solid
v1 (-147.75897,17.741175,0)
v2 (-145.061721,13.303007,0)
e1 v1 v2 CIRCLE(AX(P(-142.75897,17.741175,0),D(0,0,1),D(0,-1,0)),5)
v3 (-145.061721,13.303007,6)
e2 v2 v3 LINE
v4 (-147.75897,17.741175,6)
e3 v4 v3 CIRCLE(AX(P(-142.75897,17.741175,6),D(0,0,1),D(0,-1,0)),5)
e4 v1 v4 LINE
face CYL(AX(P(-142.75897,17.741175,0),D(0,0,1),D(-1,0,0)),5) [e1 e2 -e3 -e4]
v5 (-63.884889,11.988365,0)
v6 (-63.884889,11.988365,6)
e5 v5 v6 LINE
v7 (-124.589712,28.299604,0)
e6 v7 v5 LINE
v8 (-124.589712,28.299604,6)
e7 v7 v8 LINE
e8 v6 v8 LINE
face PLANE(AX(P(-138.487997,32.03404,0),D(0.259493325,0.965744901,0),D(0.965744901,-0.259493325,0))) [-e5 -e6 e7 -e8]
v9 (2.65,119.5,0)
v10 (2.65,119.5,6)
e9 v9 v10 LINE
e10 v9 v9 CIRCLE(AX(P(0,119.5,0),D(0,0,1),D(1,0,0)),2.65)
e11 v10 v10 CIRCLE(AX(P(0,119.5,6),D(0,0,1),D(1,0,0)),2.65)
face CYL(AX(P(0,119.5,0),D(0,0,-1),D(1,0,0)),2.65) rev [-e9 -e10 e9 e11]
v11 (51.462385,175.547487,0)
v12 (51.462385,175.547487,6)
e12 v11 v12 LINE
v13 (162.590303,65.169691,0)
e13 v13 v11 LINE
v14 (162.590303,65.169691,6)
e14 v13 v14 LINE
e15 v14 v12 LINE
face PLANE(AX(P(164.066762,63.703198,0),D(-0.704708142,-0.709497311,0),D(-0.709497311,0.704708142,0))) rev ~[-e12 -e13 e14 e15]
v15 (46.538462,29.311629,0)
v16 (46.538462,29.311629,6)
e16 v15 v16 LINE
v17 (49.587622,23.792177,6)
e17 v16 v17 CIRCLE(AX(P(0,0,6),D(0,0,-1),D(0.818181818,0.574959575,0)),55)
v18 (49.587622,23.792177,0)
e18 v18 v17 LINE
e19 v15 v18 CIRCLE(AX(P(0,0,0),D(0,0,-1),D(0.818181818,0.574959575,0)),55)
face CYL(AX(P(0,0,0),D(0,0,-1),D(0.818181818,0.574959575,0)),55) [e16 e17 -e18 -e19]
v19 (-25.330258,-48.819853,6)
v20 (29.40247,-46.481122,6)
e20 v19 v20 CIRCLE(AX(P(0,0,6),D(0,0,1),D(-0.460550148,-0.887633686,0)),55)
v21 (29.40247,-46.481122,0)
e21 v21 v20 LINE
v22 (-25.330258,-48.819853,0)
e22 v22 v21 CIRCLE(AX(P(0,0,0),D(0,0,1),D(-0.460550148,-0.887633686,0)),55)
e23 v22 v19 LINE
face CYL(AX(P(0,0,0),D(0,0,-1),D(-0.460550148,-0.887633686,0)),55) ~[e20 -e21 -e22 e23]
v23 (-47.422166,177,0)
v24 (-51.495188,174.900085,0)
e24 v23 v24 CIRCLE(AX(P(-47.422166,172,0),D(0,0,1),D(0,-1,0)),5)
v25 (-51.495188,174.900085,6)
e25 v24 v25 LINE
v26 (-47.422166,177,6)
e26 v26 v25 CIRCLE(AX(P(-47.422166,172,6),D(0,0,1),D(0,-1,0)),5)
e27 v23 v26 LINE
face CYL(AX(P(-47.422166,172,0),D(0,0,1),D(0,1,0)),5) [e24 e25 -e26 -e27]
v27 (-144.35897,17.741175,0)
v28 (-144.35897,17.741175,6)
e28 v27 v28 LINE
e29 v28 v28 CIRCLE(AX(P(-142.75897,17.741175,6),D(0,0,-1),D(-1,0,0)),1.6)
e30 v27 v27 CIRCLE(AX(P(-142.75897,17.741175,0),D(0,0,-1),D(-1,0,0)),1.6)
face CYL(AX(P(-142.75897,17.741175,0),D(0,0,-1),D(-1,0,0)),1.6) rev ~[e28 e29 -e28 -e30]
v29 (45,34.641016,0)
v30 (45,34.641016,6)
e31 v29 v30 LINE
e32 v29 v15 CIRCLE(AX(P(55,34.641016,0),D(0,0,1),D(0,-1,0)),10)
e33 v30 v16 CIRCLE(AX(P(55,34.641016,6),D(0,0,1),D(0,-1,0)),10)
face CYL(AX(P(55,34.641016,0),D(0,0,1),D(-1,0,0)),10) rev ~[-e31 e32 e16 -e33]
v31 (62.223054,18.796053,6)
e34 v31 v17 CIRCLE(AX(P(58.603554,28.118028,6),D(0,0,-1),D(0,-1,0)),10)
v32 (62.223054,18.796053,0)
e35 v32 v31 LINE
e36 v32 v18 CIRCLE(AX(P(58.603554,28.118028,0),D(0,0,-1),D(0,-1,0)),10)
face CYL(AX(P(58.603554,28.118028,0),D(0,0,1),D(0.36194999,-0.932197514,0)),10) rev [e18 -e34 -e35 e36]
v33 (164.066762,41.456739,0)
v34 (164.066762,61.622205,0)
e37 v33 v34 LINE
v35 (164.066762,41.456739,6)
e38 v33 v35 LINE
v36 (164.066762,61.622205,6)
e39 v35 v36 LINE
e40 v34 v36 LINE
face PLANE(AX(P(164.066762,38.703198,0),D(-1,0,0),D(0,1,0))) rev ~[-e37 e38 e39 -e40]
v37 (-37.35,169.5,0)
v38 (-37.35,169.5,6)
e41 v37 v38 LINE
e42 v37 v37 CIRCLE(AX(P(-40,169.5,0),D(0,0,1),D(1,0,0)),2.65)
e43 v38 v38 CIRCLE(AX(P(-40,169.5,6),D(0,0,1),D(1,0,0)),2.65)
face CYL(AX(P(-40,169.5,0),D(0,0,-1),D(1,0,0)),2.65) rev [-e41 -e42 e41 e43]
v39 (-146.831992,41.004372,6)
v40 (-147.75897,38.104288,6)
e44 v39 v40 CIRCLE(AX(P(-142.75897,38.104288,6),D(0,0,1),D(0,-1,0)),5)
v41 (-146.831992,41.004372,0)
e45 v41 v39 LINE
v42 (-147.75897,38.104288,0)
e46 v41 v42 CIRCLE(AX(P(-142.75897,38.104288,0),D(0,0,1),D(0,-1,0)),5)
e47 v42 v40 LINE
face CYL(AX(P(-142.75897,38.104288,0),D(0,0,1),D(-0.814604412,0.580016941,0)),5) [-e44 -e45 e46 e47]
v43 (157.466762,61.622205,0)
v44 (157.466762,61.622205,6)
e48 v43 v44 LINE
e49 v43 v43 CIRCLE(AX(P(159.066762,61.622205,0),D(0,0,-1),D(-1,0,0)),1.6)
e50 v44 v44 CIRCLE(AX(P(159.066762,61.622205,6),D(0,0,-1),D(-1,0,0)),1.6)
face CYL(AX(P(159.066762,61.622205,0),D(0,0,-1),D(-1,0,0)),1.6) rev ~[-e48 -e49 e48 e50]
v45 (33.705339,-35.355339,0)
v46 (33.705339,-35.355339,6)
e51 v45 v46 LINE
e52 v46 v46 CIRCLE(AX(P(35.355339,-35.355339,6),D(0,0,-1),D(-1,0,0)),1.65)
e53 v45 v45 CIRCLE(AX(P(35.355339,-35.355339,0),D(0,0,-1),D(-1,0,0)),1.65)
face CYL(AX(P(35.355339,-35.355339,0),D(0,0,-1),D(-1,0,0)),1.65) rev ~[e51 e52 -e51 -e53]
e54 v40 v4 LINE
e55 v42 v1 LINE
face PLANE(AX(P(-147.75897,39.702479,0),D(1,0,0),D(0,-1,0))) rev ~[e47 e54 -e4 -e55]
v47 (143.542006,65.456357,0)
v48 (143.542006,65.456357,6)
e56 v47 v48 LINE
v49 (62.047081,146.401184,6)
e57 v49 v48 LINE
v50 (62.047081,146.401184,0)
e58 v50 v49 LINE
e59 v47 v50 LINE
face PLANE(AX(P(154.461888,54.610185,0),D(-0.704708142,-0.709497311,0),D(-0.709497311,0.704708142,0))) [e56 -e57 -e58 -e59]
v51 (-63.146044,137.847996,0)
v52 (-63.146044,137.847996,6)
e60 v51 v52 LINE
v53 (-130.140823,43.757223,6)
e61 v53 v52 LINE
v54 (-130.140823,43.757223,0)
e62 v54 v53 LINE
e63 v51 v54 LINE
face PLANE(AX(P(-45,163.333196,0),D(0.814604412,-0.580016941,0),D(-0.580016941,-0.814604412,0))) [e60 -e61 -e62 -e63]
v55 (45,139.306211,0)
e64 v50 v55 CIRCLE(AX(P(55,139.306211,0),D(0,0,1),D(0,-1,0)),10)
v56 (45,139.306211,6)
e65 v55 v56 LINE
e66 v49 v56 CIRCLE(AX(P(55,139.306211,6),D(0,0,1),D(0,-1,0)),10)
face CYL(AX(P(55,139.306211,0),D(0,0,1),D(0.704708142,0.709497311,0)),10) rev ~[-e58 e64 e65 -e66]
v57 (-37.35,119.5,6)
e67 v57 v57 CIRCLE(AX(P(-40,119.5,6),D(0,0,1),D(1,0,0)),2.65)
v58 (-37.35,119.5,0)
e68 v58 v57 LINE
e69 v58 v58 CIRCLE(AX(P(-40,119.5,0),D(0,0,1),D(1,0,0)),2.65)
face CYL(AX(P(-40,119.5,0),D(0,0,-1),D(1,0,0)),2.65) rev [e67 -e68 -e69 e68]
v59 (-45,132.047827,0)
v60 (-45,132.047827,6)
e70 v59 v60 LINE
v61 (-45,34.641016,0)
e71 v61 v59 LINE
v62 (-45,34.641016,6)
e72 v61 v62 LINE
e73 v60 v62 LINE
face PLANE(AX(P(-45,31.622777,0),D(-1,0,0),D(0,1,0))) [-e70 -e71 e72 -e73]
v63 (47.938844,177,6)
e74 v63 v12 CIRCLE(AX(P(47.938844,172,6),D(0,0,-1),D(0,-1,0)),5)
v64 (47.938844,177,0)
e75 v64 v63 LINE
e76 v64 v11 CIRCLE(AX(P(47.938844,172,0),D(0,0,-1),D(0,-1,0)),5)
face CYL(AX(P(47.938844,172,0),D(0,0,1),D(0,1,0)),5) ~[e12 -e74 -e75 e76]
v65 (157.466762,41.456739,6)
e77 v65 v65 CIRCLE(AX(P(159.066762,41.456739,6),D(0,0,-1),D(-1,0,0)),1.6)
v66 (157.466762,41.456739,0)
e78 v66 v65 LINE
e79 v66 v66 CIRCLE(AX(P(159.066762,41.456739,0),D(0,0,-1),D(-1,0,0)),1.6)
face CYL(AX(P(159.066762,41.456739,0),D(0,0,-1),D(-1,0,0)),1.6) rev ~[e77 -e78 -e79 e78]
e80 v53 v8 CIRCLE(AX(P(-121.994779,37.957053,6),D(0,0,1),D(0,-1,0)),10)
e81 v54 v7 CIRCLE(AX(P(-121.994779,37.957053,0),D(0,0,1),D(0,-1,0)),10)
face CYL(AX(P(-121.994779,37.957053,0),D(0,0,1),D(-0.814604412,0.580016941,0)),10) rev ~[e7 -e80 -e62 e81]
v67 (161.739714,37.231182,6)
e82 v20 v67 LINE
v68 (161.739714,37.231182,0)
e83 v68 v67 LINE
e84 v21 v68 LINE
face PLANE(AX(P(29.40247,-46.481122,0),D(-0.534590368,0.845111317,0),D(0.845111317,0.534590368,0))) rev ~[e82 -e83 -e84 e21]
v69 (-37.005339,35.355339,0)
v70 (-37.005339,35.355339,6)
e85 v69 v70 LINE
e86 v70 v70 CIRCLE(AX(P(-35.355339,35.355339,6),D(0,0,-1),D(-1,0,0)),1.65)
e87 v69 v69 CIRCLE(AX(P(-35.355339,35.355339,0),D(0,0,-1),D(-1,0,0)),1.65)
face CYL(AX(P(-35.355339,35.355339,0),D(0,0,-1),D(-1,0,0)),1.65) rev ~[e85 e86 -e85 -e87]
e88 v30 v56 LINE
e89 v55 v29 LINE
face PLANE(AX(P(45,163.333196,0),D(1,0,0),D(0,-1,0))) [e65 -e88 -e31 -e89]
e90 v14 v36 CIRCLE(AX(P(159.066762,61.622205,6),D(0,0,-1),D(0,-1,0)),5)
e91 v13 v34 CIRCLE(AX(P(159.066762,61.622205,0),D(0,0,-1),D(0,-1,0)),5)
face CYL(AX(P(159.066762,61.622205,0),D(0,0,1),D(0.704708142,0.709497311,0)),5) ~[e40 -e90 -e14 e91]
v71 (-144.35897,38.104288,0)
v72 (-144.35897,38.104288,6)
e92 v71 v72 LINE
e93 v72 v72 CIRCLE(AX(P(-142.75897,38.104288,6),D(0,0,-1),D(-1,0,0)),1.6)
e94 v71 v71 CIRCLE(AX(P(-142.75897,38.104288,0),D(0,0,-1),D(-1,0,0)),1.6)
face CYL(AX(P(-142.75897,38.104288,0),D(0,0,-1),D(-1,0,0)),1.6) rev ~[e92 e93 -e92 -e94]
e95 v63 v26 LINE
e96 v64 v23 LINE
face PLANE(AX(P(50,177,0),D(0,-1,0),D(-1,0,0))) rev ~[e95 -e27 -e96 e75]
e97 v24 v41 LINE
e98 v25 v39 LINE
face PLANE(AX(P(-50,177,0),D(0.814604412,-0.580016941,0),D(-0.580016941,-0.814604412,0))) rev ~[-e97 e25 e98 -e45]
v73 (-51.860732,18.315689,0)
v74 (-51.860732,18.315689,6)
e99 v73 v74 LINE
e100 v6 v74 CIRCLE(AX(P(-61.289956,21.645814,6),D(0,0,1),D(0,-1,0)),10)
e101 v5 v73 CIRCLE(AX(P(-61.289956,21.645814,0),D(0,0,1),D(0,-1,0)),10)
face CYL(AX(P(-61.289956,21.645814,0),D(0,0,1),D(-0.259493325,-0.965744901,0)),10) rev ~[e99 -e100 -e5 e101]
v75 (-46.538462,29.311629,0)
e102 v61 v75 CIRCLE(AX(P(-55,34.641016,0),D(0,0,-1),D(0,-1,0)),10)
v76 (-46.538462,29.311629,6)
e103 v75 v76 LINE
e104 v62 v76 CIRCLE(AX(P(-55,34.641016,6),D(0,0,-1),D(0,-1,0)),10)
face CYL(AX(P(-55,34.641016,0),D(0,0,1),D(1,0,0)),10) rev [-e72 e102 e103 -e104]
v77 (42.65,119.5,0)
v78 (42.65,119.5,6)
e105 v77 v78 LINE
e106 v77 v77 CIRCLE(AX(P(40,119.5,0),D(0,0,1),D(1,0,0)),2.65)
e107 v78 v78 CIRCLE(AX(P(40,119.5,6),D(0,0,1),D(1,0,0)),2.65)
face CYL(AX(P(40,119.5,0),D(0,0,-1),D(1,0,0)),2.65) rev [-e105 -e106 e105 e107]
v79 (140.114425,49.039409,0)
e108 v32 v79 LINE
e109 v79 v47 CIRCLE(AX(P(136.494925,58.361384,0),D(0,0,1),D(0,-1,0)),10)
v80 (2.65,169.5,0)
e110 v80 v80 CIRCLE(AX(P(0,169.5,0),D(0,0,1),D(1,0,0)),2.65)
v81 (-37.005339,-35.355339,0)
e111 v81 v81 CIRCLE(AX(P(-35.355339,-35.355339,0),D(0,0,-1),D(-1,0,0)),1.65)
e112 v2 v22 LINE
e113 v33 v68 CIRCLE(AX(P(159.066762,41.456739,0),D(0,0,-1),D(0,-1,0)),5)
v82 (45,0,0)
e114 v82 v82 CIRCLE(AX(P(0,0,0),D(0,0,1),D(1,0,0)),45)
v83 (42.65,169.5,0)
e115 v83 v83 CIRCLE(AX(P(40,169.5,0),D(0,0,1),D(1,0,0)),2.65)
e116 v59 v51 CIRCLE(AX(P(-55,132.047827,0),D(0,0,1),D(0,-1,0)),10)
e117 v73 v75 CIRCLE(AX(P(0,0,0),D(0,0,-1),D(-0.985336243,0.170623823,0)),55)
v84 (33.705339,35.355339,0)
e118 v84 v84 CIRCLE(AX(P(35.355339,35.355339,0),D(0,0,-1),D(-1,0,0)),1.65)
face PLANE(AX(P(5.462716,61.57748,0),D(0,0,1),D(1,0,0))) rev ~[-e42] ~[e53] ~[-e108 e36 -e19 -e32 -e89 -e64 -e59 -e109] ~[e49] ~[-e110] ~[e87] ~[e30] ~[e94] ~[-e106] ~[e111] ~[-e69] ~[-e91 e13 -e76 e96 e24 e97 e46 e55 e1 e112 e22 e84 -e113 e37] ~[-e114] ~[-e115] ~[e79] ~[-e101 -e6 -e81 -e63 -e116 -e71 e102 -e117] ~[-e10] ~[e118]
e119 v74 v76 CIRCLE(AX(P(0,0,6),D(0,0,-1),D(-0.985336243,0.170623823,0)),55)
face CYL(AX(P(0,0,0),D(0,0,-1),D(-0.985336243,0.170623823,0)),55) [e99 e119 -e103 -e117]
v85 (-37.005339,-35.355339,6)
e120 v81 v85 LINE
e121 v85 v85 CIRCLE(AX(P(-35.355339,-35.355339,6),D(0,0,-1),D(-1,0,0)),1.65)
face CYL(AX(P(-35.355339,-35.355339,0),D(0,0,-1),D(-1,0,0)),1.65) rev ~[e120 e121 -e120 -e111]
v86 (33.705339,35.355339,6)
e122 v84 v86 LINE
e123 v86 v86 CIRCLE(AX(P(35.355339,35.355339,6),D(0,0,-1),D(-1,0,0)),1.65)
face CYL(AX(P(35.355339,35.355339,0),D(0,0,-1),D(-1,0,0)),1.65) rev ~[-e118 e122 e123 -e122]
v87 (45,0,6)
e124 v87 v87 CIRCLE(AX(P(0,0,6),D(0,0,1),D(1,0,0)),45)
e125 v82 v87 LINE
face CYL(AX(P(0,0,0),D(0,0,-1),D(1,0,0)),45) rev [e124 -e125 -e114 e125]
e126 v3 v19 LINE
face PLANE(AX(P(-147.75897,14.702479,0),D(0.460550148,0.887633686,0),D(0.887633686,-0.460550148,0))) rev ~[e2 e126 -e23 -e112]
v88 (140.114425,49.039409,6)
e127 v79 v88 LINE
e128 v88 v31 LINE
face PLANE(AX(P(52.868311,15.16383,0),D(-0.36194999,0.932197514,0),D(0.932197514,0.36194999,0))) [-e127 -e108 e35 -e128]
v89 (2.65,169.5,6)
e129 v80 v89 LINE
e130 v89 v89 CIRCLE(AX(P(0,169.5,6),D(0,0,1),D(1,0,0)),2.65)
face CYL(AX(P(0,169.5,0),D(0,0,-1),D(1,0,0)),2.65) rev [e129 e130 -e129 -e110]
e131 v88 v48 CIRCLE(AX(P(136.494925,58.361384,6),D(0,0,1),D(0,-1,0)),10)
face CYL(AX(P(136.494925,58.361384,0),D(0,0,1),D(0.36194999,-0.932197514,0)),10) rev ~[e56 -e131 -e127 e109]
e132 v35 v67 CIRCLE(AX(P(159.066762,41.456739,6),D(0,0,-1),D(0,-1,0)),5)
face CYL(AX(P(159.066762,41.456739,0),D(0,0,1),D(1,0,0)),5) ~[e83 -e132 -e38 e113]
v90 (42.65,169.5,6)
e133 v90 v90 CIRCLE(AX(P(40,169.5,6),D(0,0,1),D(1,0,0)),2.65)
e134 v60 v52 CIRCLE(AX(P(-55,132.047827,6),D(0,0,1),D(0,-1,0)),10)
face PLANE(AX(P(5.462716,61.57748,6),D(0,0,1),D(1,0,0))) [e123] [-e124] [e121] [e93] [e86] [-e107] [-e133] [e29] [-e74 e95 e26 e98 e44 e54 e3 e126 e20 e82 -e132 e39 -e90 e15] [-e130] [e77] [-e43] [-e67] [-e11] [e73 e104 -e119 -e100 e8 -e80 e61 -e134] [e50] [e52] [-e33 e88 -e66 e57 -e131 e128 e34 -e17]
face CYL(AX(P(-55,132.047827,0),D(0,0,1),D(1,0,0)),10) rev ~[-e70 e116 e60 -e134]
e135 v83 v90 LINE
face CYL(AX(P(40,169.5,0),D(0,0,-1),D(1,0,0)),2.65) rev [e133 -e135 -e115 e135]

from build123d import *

# Parameters (mm, degrees)
SKETCH8_R           = 45
SKETCH8_R_2         = 2.65
BOSS_EXTRUDE4_DEPTH = 6
SKETCH9_R           = 1.65
CUT_EXTRUDE1_DEPTH  = 242.418521502
CUT_EXTRUDE2_DEPTH  = 242.418521502
FILLET2_R           = 10
FILLET3_R           = 5
SKETCH11_R          = 1.6
CUT_EXTRUDE3_DEPTH  = 242.418521502


with BuildPart() as part:
    # Sketch8 → Boss-Extrude4 (new body)
    with BuildSketch(Plane.XY):
        with BuildLine():
            Line((50, 177), (-50, 177))
            Line((-50, 177), (-147.758969873, 39.702478789))
            Line((-147.758969873, 39.702478789), (-147.758969873, 14.702478789))
            Line((-147.758969873, 14.702478789), (-25.330258141, -48.81985275))
            ThreePointArc((-25.330258141, -48.81985275), (2.348008246, -54.949857664), (29.402470247, -46.481122441))
            Line((29.402470247, -46.481122441), (164.066762399, 38.703198318))
            Line((164.066762399, 38.703198318), (164.066762399, 63.703198318))
            Line((164.066762399, 63.703198318), (50, 177))
        make_face()
        Circle(SKETCH8_R, mode=Mode.SUBTRACT)
        with Locations((-40, 169.5)):
            Circle(SKETCH8_R_2, mode=Mode.SUBTRACT)
        with Locations((40, 169.5)):
            Circle(SKETCH8_R_2, mode=Mode.SUBTRACT)
        with Locations((0, 169.5)):
            Circle(SKETCH8_R_2, mode=Mode.SUBTRACT)
        with Locations((40, 119.5)):
            Circle(SKETCH8_R_2, mode=Mode.SUBTRACT)
        with Locations((0, 119.5)):
            Circle(SKETCH8_R_2, mode=Mode.SUBTRACT)
        with Locations((-40, 119.5)):
            Circle(SKETCH8_R_2, mode=Mode.SUBTRACT)
    extrude(amount=BOSS_EXTRUDE4_DEPTH)

    # Sketch9 → Cut-Extrude1 (cut, through all)
    with BuildSketch(Plane(origin=(0, 0, 0), x_dir=(-1, 0, 0), z_dir=(0, 0, -1))):
        with Locations((35.355339059, -35.355339059)):
            Circle(SKETCH9_R)
        with Locations((-35.355339059, -35.355339059)):
            Circle(SKETCH9_R)
        with Locations((-35.355339059, 35.355339059)):
            Circle(SKETCH9_R)
        with Locations((35.355339059, 35.355339059)):
            Circle(SKETCH9_R)
    extrude(amount=-CUT_EXTRUDE1_DEPTH, mode=Mode.SUBTRACT)

    # Sketch10 → Cut-Extrude2 (cut, through all)
    with BuildSketch(Plane(origin=(0, 0, 0), x_dir=(-1, 0, 0), z_dir=(0, 0, -1))):
        with BuildLine():
            Line((45, 31.622776602), (45, 163.333195837))
            Line((45, 163.333195837), (138.48799676, 32.034040017))
            Line((138.48799676, 32.034040017), (54.193493342, 9.38431028))
            ThreePointArc((54.193493342, 9.38431028), (50.827892209, 21.012505171), (45, 31.622776602))
        make_face()
        with BuildLine():
            Line((-52.868310579, 15.163829877), (-154.461888015, 54.610185231))
            Line((-154.461888015, 54.610185231), (-45, 163.333195837))
            Line((-45, 163.333195837), (-45, 31.622776602))
            ThreePointArc((-45, 31.622776602), (-49.621323901, 23.721808833), (-52.868310579, 15.163829877))
        make_face()
    extrude(amount=-CUT_EXTRUDE2_DEPTH, mode=Mode.SUBTRACT)

    # Fillet2
    fillet2_edges = [part.edges().sort_by_distance(p)[0] for p in [
        (-54.193493342, 9.38431028, 3),
        (-45, 31.622776602, 3),
        (-45, 163.333195837, 3),
        (-138.48799676, 32.034040017, 3),
        (45, 31.622776602, 3),
        (52.868310579, 15.163829877, 3),
        (154.461888015, 54.610185231, 3),
        (45, 163.333195837, 3),
    ]]
    fillet(fillet2_edges, radius=FILLET2_R)

    # Fillet3
    fillet3_edges = [part.edges().sort_by_distance(p)[0] for p in [
        (-147.758969873, 39.702478789, 3),
        (-50, 177, 3),
        (50, 177, 3),
        (164.066762399, 63.703198318, 3),
        (164.066762399, 38.703198318, 3),
        (-147.758969873, 14.702478789, 3),
    ]]
    fillet(fillet3_edges, radius=FILLET3_R)

    # Sketch11 → Cut-Extrude3 (cut, through all)
    with BuildSketch(Plane(origin=(0, 0, 0), x_dir=(-1, 0, 0), z_dir=(0, 0, -1))):
        with Locations((142.758969873, 38.104287644)):
            Circle(SKETCH11_R)
        with Locations((142.758969873, 17.741175158)):
            Circle(SKETCH11_R)
        with Locations((-159.066762399, 61.622204822)):
            Circle(SKETCH11_R)
        with Locations((-159.066762399, 41.456738724)):
            Circle(SKETCH11_R)
    extrude(amount=-CUT_EXTRUDE3_DEPTH, mode=Mode.SUBTRACT)


solid = part.part
